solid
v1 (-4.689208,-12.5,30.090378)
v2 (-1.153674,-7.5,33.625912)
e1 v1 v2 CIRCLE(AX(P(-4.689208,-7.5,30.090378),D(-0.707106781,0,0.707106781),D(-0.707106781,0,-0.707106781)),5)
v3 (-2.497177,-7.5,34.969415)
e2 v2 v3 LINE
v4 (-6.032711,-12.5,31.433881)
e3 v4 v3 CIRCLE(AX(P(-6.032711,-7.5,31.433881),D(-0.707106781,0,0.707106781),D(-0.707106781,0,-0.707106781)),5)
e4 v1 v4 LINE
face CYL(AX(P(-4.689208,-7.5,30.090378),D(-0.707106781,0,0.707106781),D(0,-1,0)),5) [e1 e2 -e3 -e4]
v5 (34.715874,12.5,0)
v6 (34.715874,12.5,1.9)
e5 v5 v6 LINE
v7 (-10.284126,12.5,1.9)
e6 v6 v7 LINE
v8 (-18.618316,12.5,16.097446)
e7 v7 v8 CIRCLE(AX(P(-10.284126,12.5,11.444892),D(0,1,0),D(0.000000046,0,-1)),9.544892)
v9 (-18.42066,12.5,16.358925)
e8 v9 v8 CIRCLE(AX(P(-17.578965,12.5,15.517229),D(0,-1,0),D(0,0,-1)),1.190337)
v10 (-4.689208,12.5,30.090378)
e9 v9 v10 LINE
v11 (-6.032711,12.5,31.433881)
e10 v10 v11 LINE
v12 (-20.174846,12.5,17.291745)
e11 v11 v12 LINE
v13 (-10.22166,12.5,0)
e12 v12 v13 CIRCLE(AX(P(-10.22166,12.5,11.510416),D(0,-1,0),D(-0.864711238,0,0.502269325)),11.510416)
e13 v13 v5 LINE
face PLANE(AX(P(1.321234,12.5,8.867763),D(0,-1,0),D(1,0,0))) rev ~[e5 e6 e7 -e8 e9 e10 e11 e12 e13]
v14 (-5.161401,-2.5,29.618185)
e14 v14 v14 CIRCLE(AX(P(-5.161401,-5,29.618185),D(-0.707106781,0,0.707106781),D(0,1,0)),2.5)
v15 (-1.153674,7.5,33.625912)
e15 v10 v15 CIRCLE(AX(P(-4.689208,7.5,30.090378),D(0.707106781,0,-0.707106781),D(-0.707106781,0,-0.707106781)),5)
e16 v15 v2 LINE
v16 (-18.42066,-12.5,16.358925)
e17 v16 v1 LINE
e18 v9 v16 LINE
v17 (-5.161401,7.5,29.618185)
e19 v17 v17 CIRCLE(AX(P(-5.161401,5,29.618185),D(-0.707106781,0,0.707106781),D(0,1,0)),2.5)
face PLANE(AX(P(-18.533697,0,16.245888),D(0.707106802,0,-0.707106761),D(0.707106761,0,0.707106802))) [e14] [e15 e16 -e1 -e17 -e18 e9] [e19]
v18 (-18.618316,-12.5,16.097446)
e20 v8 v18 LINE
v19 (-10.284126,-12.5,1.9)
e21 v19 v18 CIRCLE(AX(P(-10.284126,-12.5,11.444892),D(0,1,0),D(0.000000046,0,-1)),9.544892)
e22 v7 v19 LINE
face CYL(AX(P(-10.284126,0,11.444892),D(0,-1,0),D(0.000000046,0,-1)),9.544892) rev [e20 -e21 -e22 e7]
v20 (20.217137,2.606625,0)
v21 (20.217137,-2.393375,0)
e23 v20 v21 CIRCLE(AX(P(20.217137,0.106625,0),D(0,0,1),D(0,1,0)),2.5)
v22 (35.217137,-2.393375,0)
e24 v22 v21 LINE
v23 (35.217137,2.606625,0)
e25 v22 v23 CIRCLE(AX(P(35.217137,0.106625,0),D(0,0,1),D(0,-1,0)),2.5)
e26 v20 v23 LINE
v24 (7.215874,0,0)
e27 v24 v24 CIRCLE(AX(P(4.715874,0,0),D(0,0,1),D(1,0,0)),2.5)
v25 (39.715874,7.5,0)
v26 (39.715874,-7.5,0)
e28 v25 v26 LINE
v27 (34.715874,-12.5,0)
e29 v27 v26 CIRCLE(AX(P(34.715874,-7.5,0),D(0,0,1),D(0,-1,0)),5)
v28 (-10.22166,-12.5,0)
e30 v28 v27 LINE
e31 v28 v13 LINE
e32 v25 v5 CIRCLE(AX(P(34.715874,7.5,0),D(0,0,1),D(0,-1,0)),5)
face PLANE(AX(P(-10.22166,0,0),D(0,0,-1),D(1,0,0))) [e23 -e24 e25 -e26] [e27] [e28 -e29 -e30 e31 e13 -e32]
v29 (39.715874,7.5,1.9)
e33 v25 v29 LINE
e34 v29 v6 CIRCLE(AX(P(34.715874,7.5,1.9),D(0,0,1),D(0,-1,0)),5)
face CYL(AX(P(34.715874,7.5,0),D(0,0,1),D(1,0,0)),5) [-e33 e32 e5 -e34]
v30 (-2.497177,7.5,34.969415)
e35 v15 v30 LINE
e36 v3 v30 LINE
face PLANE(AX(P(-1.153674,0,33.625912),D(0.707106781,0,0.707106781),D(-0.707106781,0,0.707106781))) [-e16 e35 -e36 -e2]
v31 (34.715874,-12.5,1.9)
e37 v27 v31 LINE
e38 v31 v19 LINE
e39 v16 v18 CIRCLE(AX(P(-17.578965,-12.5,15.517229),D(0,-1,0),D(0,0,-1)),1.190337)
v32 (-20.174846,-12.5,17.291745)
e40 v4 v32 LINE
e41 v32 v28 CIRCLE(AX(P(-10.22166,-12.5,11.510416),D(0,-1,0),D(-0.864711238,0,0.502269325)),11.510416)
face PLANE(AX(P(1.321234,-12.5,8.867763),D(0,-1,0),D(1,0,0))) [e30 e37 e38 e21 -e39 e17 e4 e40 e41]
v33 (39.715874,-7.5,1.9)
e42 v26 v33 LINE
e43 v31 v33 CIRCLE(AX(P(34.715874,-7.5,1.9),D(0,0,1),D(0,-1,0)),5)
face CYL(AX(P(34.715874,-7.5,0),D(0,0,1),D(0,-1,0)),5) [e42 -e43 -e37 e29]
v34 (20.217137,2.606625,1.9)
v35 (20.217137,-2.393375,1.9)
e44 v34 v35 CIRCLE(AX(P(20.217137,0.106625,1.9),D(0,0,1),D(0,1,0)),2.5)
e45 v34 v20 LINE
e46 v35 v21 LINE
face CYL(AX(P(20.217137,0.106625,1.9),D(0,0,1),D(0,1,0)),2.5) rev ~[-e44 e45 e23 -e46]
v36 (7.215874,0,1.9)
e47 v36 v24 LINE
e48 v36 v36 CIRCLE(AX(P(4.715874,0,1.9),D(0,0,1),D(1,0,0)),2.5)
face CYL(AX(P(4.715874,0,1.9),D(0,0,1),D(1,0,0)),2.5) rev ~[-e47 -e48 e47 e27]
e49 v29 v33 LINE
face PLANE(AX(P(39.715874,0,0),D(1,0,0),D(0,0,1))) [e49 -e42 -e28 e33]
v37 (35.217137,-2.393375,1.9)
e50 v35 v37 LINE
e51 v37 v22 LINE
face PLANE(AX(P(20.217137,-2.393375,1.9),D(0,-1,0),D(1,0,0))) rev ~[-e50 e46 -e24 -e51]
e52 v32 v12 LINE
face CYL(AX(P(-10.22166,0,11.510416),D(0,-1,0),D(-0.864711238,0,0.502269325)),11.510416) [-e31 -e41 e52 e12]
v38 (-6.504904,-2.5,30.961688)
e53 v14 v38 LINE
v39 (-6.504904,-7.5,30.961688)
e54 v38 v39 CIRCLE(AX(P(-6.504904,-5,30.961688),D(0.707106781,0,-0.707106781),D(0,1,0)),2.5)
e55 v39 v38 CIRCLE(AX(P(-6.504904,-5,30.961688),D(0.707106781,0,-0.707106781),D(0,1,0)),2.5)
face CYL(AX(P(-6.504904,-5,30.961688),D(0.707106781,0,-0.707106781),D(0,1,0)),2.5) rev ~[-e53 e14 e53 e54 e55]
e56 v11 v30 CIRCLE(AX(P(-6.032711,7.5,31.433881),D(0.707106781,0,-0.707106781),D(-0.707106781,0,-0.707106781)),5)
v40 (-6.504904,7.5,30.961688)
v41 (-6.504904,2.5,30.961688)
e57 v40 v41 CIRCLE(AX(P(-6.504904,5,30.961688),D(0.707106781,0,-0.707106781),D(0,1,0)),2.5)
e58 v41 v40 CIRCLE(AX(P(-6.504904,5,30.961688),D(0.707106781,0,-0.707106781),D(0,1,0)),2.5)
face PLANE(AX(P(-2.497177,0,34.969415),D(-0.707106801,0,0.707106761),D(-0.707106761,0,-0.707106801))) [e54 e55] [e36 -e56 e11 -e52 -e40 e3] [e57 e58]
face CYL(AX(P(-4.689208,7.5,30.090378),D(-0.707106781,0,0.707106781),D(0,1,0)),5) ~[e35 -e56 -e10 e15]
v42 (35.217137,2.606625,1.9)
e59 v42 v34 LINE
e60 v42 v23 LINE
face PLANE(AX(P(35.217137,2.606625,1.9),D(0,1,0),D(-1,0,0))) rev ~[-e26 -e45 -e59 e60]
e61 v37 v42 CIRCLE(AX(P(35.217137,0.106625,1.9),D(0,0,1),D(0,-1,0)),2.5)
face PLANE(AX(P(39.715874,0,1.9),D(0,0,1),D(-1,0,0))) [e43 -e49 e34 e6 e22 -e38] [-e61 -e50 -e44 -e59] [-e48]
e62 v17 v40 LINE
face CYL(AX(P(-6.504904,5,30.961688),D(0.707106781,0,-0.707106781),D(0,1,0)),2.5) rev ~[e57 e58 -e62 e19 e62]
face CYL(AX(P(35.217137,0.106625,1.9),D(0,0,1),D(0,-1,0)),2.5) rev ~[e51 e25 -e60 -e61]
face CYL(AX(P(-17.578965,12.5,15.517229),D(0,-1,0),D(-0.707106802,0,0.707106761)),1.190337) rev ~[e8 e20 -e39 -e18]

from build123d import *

# Parameters (mm, degrees)
F1_DEPTH       = 12.5
F2_R           = 2.5
F3_DEPTH       = 25
F5_D           = 5
F5_DEPTH       = 12
F5_CBORE_D     = 5
F5_CBORE_DEPTH = 5
F6_R           = 5
F7_R           = 5
F8_R           = 1.190337


with BuildPart() as f1:
    # F0 (on Front) → F1 (new body, symmetric)
    with BuildSketch(Plane.XZ):
        with BuildLine():
            Line((-10.22166, 0), (39.715874, 0))
            Line((39.715874, 0), (39.715874, 1.9))
            Line((39.715874, 1.9), (-10.284126, 1.9))
            ThreePointArc((-10.284126, 1.9), (-18.558483, 6.686742), (-18.533697, 16.245888))
            Line((-18.533697, 16.245888), (-1.153674, 33.625912))
            Line((-1.153674, 33.625912), (-2.497177, 34.969415))
            Line((-2.497177, 34.969415), (-20.174846, 17.291745))
            ThreePointArc((-20.174846, 17.291745), (-20.19751, 5.768283), (-10.22166, 0))
        make_face()
    extrude(amount=F1_DEPTH, both=True)

    # F2 (on face) → F3 (cut)
    with BuildSketch(Plane.XY.offset(1.9)):
        with Locations((4.715874, 0)):
            Circle(F2_R)
        with BuildLine():
            Line((35.217137, 2.606625), (20.217137, 2.606625))
            ThreePointArc((20.217137, 2.606625), (17.717137, 0.106625), (20.217137, -2.393375))
            Line((20.217137, -2.393375), (35.217137, -2.393375))
            ThreePointArc((35.217137, -2.393375), (37.717137, 0.106625), (35.217137, 2.606625))
        make_face()
    extrude(amount=-F3_DEPTH, mode=Mode.SUBTRACT)

    # F5
    with Locations(Plane(origin=(-18.733296, 0, 18.733296), x_dir=(0, -1, 0), z_dir=(-0.707107, 0, 0.707107))):
        with Locations((-5, 17.293558), (5, 17.293558)):
            CounterBoreHole(F5_D / 2, F5_CBORE_D / 2, F5_CBORE_DEPTH, depth=F5_DEPTH)

    # F6
    f6_edges = [f1.edges().sort_by_distance(p)[0] for p in [
        (39.715874, -12.5, 0.95),
        (39.715874, 12.5, 0.95),
    ]]
    fillet(f6_edges, radius=F6_R)

    # F7
    f7_edges = [f1.edges().sort_by_distance(p)[0] for p in [
        (-1.825425, -12.5, 34.297663),
        (-1.825425, 12.5, 34.297663),
    ]]
    fillet(f7_edges, radius=F7_R)

    # F8
    f8_edges = [f1.edges().sort_by_distance(p)[0] for p in [
        (-18.533697, 0, 16.245888),
        (-10.284126, 0, 1.9),
    ]]
    fillet(f8_edges, radius=F8_R)


solid = f1.part
